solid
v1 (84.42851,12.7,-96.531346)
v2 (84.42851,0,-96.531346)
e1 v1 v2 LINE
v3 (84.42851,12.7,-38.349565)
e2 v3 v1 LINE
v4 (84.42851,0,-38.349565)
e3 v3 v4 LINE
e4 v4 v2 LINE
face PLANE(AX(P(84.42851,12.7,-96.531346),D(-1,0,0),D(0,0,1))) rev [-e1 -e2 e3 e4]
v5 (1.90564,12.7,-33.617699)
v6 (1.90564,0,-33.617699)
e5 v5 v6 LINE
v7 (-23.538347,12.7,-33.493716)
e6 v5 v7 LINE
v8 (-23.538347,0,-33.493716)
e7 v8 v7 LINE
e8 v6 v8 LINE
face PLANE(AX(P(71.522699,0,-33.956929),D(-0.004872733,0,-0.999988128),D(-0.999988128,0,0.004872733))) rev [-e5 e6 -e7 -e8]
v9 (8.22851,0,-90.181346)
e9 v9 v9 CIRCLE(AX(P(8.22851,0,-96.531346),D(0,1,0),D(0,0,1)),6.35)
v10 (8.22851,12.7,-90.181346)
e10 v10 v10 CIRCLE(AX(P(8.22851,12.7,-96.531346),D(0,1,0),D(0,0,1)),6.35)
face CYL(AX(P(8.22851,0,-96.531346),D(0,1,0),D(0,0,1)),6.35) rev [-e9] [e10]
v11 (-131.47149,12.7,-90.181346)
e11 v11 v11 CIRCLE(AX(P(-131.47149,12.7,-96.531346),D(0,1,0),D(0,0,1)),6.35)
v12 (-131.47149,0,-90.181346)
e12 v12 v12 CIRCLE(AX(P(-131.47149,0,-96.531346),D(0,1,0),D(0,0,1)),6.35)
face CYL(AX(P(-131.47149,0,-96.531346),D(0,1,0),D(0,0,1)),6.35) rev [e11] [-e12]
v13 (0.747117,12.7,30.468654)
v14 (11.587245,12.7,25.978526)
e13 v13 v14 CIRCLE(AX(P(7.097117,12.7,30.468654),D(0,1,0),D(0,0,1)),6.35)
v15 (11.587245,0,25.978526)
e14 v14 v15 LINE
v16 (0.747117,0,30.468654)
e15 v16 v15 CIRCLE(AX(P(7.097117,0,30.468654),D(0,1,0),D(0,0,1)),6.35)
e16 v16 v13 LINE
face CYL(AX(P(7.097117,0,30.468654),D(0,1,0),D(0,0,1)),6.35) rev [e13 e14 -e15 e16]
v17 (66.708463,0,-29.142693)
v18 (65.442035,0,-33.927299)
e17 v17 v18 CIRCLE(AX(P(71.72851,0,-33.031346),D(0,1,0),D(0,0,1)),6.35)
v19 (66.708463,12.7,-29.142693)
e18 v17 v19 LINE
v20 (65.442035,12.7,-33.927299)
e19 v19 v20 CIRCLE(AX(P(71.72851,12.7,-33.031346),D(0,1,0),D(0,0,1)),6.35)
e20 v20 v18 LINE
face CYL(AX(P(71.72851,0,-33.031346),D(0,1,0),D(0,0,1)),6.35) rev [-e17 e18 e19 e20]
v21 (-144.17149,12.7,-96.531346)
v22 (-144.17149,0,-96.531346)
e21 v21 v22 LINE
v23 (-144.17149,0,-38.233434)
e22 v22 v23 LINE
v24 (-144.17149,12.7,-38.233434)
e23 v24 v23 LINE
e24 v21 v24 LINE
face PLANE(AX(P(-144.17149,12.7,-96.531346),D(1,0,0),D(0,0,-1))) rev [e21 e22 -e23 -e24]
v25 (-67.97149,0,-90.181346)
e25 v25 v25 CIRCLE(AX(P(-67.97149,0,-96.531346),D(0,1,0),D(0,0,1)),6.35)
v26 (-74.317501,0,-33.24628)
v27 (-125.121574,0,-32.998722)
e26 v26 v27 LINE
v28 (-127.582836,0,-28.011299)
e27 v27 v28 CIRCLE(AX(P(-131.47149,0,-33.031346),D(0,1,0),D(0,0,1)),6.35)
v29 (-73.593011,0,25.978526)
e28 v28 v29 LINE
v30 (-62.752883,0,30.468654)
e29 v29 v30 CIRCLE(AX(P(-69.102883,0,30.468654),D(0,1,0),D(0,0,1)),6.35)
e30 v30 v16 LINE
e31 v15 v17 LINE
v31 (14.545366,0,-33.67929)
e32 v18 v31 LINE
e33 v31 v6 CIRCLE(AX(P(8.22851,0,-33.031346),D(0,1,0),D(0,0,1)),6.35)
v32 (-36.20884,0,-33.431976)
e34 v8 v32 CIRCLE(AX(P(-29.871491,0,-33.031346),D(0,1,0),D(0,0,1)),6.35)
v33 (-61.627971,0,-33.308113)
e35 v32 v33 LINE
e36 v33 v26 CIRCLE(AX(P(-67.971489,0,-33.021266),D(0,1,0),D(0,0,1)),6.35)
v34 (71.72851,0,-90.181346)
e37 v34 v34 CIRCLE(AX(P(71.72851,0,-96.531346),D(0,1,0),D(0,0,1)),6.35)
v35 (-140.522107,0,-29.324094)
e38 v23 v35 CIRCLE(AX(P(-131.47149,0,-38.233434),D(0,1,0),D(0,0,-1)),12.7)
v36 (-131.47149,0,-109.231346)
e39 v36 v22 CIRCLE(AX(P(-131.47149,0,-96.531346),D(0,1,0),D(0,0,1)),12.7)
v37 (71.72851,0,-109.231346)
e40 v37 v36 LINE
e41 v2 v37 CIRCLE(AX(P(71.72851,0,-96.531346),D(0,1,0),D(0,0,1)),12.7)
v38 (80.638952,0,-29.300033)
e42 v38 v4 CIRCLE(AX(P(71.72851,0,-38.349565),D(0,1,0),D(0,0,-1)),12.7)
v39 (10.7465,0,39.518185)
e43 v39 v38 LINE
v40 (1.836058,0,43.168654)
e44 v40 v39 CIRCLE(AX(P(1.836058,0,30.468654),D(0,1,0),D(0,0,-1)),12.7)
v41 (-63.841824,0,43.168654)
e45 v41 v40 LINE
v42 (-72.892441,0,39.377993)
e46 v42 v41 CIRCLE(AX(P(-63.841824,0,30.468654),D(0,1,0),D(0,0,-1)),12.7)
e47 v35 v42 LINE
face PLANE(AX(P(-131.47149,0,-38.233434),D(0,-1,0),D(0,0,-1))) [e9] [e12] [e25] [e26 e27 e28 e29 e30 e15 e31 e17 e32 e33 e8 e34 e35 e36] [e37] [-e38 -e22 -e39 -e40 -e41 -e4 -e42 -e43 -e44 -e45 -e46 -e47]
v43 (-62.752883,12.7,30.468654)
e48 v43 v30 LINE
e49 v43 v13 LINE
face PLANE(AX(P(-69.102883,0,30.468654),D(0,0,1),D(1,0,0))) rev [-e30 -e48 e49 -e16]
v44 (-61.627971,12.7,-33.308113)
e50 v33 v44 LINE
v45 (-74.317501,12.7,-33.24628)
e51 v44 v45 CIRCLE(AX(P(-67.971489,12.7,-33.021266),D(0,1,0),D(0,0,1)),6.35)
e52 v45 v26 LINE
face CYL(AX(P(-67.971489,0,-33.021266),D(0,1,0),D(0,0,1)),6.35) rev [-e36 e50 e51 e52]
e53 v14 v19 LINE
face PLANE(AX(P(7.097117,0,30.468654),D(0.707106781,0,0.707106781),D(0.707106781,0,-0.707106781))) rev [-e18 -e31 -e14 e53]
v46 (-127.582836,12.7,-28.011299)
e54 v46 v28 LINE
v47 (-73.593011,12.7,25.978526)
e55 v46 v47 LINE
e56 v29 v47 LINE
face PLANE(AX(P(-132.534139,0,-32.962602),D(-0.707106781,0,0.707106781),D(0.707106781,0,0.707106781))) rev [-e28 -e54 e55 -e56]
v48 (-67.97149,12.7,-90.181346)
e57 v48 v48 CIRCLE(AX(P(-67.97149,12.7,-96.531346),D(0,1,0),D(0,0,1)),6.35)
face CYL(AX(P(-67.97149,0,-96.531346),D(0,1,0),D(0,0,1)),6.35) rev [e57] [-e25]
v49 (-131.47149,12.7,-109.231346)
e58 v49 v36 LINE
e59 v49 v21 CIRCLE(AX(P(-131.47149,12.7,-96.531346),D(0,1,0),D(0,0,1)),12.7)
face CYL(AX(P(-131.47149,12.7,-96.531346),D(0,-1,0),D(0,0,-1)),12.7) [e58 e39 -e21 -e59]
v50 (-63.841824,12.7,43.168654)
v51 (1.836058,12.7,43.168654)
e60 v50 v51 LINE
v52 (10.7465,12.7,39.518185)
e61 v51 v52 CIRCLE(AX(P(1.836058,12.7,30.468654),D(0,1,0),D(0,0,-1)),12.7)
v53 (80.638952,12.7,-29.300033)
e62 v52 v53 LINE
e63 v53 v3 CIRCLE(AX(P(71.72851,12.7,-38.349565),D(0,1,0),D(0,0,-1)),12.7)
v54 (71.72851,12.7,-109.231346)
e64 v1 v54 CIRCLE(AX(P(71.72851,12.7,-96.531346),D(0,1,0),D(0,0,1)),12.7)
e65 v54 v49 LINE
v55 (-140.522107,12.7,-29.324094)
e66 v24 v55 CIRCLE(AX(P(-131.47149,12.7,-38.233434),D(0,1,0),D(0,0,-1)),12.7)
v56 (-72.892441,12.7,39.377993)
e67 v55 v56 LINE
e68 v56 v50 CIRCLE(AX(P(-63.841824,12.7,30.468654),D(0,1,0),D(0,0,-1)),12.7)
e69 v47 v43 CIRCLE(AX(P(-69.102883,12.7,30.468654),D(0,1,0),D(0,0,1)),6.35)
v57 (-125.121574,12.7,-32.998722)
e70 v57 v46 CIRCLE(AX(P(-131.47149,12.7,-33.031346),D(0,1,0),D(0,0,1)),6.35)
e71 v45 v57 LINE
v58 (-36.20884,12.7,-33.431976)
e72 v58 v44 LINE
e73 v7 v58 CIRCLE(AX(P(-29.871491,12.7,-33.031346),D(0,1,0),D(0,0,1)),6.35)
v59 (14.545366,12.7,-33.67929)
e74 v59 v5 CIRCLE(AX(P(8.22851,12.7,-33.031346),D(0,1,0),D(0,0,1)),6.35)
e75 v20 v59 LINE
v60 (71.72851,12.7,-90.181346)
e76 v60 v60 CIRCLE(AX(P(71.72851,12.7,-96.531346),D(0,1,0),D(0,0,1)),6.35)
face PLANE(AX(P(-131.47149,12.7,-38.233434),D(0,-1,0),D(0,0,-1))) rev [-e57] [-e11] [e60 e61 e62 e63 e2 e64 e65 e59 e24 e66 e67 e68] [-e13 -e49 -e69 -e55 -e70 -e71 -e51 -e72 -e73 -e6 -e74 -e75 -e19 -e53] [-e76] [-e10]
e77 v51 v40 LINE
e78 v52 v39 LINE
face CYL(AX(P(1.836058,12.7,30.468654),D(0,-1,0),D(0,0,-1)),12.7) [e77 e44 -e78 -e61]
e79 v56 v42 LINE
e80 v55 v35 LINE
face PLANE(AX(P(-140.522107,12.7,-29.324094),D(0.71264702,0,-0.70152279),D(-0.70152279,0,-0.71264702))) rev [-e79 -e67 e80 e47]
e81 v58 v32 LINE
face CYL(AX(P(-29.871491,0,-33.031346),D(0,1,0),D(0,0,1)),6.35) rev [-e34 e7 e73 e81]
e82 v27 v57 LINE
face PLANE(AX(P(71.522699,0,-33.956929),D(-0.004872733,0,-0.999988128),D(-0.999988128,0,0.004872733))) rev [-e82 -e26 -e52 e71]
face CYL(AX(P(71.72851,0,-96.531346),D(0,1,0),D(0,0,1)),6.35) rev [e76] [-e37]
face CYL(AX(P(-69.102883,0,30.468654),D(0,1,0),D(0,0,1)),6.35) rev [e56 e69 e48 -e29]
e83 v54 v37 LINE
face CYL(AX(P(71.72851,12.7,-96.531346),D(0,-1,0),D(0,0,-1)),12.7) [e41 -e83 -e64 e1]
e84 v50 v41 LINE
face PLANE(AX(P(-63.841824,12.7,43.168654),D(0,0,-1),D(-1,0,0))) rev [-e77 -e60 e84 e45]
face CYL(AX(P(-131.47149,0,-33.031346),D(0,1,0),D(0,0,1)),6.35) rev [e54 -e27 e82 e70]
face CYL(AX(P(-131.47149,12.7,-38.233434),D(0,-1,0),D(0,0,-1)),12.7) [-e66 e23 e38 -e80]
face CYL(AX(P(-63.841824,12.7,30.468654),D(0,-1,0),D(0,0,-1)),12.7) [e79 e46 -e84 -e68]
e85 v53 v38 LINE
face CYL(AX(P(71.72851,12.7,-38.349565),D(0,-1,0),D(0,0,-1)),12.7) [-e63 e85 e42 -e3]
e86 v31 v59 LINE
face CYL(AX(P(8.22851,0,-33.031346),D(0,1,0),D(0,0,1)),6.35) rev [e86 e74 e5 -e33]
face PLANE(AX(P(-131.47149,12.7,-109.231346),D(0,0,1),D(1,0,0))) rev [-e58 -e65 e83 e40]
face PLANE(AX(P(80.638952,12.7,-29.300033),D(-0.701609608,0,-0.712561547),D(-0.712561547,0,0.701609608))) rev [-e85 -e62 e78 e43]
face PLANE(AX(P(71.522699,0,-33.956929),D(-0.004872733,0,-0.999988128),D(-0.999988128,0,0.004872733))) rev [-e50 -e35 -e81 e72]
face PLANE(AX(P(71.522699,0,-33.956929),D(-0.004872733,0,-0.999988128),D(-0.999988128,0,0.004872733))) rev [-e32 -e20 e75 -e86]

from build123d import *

# Parameters (mm, degrees)
BOSS_EXTRUDE1_DEPTH = 12.7
SKETCH2_R           = 6.35
CUT_EXTRUDE1_DEPTH  = 182.323455578
CUT_EXTRUDE10_DEPTH = 182.323455578


with BuildPart() as part:
    # Sketch1 → Boss-Extrude1 (new body)
    with BuildSketch(Plane(origin=(0, 0, 0), x_dir=(1, 0, 0), z_dir=(0, 1, 0))):
        with BuildLine():
            Line((-131.471489953, 109.23134636), (71.728510047, 109.23134636))
            ThreePointArc((71.728510047, 109.23134636), (80.708766168, 105.511602481), (84.428510047, 96.53134636))
            Line((84.428510047, 96.53134636), (84.428510047, 38.349564826))
            ThreePointArc((84.428510047, 38.349564826), (83.442873319, 33.444088994), (80.638952072, 29.300033185))
            Line((80.638952072, 29.300033185), (10.746499625, -39.518185281))
            ThreePointArc((10.746499625, -39.518185281), (6.650668081, -42.220654573), (1.836057601, -43.16865364))
            Line((1.836057601, -43.16865364), (-63.841823784, -43.16865364))
            ThreePointArc((-63.841823784, -43.16865364), (-68.748013198, -42.182718068), (-72.892440933, -39.377993078))
            Line((-72.892440933, -39.377993078), (-140.522107103, 29.324094297))
            ThreePointArc((-140.522107103, 29.324094297), (-143.22378415, 33.419539146), (-144.171489953, 38.233433734))
            Line((-144.171489953, 38.233433734), (-144.171489953, 96.53134636))
            ThreePointArc((-144.171489953, 96.53134636), (-140.451746074, 105.511602481), (-131.471489953, 109.23134636))
        make_face()
    extrude(amount=BOSS_EXTRUDE1_DEPTH)

    # Sketch2 → Cut-Extrude1 (cut, through all)
    with BuildSketch(Plane(origin=(0, 12.7, 0), x_dir=(1, 0, 0), z_dir=(0, 1, 0))):
        with Locations(Location((-69.102883091, -30.46865364, 0), (0, 0, 270))):
            Circle(SKETCH2_R)
        with Locations(Location((7.097116909, -30.46865364, 0), (0, 0, 270))):
            Circle(SKETCH2_R)
        with Locations(Location((-67.971489953, 96.53134636, 0), (0, 0, 270))):
            Circle(SKETCH2_R)
        with Locations(Location((8.228510047, 96.53134636, 0), (0, 0, 270))):
            Circle(SKETCH2_R)
        with Locations(Location((-67.971489286, 33.021266411, 0), (0, 0, 270))):
            Circle(SKETCH2_R)
        with Locations(Location((8.228510047, 33.03134636, 0), (0, 0, 270))):
            Circle(SKETCH2_R)
        with Locations(Location((-131.471489953, 96.53134636, 0), (0, 0, 270))):
            Circle(SKETCH2_R)
        with Locations(Location((-131.471489953, 33.03134636, 0), (0, 0, 270))):
            Circle(SKETCH2_R)
        with Locations(Location((71.728510047, 96.53134636, 0), (0, 0, 270))):
            Circle(SKETCH2_R)
        with Locations(Location((71.728510047, 33.03134636, 0), (0, 0, 270))):
            Circle(SKETCH2_R)
        with Locations(Location((-29.871490619, 33.03134636, 0), (0, 0, 270))):
            Circle(SKETCH2_R)
    extrude(amount=-CUT_EXTRUDE1_DEPTH, mode=Mode.SUBTRACT)

    # Sketch3 → Cut-Extrude10 (cut, through all)
    with BuildSketch(Plane(origin=(0, 12.7, 0), x_dir=(1, 0, 0), z_dir=(0, 1, 0))):
        Polygon((-132.534139195, 32.962602464), (-69.102883091, -30.46865364), (7.097116909, -30.46865364), (71.522699324, 33.956928775), align=None)
    extrude(amount=-CUT_EXTRUDE10_DEPTH, mode=Mode.SUBTRACT)


solid = part.part
